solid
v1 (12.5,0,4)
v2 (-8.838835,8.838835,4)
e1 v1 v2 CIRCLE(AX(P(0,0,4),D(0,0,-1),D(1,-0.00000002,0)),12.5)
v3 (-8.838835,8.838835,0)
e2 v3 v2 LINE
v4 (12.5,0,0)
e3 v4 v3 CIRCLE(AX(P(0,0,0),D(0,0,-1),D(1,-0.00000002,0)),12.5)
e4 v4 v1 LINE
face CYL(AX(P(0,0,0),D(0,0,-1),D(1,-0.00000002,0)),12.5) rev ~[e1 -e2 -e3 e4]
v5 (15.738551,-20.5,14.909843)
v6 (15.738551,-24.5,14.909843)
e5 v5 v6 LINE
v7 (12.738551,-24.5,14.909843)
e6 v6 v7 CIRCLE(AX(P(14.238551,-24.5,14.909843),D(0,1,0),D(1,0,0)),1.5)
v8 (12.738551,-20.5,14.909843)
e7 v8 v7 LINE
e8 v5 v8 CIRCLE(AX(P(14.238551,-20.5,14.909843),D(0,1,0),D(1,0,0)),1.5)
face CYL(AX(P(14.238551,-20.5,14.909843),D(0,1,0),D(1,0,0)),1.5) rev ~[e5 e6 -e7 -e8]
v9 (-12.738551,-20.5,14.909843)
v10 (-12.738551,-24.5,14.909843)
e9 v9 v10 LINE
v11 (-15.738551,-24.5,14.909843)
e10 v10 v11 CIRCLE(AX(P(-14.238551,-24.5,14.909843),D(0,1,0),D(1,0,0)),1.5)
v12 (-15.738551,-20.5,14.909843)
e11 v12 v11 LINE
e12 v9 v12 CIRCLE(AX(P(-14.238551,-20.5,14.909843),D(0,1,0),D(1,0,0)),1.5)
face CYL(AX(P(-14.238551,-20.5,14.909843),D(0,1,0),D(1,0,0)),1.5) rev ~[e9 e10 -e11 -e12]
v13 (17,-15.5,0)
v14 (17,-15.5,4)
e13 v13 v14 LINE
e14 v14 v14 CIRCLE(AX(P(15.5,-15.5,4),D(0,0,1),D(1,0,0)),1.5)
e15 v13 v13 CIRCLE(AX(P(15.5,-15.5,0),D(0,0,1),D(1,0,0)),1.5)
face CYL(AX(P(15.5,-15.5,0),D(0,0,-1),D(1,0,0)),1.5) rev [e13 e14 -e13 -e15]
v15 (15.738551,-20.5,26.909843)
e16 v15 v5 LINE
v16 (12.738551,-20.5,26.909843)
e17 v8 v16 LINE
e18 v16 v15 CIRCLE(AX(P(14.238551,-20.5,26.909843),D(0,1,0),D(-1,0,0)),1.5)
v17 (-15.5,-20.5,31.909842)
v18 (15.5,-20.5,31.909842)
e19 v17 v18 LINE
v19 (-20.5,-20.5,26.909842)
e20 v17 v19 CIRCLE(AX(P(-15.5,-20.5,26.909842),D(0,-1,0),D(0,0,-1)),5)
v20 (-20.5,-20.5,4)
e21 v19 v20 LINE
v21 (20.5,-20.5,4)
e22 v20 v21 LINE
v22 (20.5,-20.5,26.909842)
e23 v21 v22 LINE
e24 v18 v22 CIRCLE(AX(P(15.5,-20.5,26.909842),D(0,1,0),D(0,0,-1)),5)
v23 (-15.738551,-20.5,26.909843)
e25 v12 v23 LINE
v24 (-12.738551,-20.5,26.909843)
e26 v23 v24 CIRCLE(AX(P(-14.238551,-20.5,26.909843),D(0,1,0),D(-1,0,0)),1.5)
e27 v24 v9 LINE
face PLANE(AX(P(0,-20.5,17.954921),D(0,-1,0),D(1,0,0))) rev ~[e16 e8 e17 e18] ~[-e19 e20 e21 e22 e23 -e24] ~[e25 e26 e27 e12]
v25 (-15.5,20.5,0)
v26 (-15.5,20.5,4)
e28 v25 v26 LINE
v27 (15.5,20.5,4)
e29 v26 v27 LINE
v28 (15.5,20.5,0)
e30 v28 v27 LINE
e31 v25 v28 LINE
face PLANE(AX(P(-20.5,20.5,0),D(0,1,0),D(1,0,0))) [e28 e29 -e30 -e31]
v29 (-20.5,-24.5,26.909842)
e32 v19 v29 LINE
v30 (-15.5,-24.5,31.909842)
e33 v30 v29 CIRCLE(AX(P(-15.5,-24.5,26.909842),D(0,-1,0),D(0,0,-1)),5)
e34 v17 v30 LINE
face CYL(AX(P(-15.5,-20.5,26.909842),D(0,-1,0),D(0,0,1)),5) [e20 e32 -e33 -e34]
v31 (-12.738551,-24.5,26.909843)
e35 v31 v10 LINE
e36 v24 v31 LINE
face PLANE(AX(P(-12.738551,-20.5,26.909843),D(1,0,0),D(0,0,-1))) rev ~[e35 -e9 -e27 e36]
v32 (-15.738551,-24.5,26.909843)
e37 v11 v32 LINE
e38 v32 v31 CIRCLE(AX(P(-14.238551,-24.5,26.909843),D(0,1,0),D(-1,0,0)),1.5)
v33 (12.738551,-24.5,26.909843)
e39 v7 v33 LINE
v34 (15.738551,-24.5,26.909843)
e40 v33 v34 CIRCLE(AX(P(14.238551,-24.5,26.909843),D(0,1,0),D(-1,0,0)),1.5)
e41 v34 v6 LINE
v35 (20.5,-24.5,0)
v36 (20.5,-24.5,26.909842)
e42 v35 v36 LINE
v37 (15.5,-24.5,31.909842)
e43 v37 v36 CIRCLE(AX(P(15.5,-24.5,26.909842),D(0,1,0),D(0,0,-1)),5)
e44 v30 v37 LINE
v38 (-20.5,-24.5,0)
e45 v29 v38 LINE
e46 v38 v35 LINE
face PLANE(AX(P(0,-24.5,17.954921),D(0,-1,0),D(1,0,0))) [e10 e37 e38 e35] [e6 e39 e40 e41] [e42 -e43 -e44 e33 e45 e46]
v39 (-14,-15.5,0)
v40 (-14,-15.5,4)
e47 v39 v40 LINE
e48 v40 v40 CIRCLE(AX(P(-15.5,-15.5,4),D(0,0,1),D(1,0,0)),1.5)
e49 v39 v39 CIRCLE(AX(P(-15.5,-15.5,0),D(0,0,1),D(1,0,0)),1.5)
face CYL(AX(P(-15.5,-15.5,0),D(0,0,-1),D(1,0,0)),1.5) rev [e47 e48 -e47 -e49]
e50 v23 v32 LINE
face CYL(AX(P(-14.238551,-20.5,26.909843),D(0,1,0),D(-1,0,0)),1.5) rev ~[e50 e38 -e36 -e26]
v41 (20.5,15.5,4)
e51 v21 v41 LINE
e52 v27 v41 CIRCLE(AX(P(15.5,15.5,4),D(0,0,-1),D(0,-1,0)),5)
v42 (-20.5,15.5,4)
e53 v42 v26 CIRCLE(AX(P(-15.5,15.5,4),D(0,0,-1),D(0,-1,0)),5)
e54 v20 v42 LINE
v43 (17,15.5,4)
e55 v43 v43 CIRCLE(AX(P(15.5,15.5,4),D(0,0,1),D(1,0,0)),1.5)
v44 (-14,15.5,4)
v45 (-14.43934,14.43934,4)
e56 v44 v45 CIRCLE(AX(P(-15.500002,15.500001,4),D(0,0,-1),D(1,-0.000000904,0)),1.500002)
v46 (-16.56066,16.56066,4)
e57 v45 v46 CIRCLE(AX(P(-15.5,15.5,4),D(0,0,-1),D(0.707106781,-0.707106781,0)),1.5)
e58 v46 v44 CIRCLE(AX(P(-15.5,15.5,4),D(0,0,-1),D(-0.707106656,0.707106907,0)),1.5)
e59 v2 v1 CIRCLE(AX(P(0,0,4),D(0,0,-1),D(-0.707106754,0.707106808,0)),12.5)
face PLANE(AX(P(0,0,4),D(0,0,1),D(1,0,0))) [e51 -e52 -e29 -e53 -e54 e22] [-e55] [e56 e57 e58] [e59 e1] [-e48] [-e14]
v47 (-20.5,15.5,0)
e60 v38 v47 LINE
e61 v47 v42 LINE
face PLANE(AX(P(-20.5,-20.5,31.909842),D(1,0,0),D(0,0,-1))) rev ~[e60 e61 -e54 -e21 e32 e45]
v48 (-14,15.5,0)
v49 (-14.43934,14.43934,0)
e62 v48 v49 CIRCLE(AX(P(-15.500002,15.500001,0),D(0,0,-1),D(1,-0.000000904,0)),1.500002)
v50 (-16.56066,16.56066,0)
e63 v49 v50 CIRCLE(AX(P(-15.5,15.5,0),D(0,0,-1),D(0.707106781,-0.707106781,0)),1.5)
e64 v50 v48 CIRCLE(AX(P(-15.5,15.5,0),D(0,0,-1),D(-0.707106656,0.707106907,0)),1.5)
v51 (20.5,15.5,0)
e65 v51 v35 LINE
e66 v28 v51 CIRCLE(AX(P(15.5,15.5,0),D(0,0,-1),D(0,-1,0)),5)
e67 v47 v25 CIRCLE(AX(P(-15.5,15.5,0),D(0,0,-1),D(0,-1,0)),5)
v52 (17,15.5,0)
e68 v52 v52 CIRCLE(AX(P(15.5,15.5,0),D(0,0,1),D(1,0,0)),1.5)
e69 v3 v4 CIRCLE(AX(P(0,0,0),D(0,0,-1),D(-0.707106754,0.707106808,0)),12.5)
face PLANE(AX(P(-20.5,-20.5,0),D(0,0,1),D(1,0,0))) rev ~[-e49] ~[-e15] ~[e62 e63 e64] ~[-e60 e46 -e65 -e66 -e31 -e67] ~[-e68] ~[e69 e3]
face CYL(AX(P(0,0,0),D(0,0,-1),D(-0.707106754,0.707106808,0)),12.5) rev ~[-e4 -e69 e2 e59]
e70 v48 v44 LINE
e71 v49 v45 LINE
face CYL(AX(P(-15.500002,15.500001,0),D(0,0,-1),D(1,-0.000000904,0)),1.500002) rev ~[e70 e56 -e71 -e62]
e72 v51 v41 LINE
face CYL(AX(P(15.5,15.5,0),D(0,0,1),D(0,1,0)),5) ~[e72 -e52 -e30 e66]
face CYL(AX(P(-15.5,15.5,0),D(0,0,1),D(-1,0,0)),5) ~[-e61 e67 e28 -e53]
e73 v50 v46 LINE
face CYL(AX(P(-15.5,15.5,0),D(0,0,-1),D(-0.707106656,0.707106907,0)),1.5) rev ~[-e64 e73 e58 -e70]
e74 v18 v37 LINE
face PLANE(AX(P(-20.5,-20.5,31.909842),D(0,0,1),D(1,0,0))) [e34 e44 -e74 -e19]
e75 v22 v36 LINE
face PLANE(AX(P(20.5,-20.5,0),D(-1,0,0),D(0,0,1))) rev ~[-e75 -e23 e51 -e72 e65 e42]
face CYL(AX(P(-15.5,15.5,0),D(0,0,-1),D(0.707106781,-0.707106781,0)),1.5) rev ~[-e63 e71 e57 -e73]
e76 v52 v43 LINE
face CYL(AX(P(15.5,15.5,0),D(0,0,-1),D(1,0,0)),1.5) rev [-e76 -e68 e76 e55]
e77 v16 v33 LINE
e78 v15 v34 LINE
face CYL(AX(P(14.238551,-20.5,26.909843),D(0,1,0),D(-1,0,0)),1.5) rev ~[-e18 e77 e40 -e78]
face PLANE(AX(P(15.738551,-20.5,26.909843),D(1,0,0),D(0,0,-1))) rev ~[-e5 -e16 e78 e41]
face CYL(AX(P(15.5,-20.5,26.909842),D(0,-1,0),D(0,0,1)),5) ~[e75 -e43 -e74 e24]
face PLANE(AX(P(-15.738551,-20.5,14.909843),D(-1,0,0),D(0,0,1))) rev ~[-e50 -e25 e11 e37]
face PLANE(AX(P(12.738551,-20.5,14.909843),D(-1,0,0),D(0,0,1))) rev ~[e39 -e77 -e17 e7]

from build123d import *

# Parameters (mm, degrees)
F0_W     = 41
F0_H     = 41
F0_R     = 1.5
F1_DEPTH = 4
F2_R     = 5
F3_W     = 41
F3_H     = 27.909843
F3_H_2   = 4
F4_DEPTH = 4
F5_R     = 5


with BuildPart() as f1:
    # F0 (on Top) → F1 (new body)
    with BuildSketch(Plane.XY):
        Rectangle(F0_W, F0_H)
        with Locations((-15.5, -15.5)):
            Circle(F0_R, mode=Mode.SUBTRACT)
        with Locations((15.5, -15.5)):
            Circle(F0_R, mode=Mode.SUBTRACT)
        with BuildLine():
            ThreePointArc((-14.43934, 14.43934), (-16.56066, 14.43934), (-16.56066, 16.56066))
            ThreePointArc((-16.56066, 16.56066), (-14.925975, 16.885819), (-14, 15.5))
            ThreePointArc((-14, 15.5), (-14.114181, 14.925975), (-14.43934, 14.43934))
        make_face(mode=Mode.SUBTRACT)
        with BuildLine():
            ThreePointArc((12.5, 0), (-4.783543, -11.548494), (-8.838835, 8.838835))
            ThreePointArc((-8.838835, 8.838835), (4.783543, 11.548494), (12.5, 0))
        make_face(mode=Mode.SUBTRACT)
        with Locations((15.5, 15.5)):
            Circle(F0_R, mode=Mode.SUBTRACT)
    extrude(amount=F1_DEPTH)

    # F2
    f2_edges = [f1.edges().sort_by_distance(p)[0] for p in [
        (-20.5, 20.5, 2),
        (20.5, 20.5, 2),
    ]]
    fillet(f2_edges, radius=F2_R)

    # F3 (on face) → F4 (join)
    with BuildSketch(Plane.XZ.offset(20.5)):
        with Locations((0, 17.954921)):
            Rectangle(F3_W, F3_H)
        with BuildLine():
            Line((-15.738551, 14.909843), (-15.738551, 26.909843))
            ThreePointArc((-15.738551, 26.909843), (-14.238551, 28.409843), (-12.738551, 26.909843))
            Line((-12.738551, 26.909843), (-12.738551, 14.909843))
            ThreePointArc((-12.738551, 14.909843), (-14.238551, 13.409843), (-15.738551, 14.909843))
        make_face(mode=Mode.SUBTRACT)
        with BuildLine():
            ThreePointArc((12.738551, 26.909843), (14.238551, 28.409843), (15.738551, 26.909843))
            Line((15.738551, 26.909843), (15.738551, 14.909843))
            ThreePointArc((15.738551, 14.909843), (14.238551, 13.409843), (12.738551, 14.909843))
            Line((12.738551, 14.909843), (12.738551, 26.909843))
        make_face(mode=Mode.SUBTRACT)
        with Locations((0, 2)):
            Rectangle(F3_W, F3_H_2)
    extrude(amount=F4_DEPTH)

    # F5
    f5_edges = [f1.edges().sort_by_distance(p)[0] for p in [
        (20.5, -22.5, 31.909843),
        (-20.5, -22.5, 31.909843),
    ]]
    fillet(f5_edges, radius=F5_R)


solid = f1.part
